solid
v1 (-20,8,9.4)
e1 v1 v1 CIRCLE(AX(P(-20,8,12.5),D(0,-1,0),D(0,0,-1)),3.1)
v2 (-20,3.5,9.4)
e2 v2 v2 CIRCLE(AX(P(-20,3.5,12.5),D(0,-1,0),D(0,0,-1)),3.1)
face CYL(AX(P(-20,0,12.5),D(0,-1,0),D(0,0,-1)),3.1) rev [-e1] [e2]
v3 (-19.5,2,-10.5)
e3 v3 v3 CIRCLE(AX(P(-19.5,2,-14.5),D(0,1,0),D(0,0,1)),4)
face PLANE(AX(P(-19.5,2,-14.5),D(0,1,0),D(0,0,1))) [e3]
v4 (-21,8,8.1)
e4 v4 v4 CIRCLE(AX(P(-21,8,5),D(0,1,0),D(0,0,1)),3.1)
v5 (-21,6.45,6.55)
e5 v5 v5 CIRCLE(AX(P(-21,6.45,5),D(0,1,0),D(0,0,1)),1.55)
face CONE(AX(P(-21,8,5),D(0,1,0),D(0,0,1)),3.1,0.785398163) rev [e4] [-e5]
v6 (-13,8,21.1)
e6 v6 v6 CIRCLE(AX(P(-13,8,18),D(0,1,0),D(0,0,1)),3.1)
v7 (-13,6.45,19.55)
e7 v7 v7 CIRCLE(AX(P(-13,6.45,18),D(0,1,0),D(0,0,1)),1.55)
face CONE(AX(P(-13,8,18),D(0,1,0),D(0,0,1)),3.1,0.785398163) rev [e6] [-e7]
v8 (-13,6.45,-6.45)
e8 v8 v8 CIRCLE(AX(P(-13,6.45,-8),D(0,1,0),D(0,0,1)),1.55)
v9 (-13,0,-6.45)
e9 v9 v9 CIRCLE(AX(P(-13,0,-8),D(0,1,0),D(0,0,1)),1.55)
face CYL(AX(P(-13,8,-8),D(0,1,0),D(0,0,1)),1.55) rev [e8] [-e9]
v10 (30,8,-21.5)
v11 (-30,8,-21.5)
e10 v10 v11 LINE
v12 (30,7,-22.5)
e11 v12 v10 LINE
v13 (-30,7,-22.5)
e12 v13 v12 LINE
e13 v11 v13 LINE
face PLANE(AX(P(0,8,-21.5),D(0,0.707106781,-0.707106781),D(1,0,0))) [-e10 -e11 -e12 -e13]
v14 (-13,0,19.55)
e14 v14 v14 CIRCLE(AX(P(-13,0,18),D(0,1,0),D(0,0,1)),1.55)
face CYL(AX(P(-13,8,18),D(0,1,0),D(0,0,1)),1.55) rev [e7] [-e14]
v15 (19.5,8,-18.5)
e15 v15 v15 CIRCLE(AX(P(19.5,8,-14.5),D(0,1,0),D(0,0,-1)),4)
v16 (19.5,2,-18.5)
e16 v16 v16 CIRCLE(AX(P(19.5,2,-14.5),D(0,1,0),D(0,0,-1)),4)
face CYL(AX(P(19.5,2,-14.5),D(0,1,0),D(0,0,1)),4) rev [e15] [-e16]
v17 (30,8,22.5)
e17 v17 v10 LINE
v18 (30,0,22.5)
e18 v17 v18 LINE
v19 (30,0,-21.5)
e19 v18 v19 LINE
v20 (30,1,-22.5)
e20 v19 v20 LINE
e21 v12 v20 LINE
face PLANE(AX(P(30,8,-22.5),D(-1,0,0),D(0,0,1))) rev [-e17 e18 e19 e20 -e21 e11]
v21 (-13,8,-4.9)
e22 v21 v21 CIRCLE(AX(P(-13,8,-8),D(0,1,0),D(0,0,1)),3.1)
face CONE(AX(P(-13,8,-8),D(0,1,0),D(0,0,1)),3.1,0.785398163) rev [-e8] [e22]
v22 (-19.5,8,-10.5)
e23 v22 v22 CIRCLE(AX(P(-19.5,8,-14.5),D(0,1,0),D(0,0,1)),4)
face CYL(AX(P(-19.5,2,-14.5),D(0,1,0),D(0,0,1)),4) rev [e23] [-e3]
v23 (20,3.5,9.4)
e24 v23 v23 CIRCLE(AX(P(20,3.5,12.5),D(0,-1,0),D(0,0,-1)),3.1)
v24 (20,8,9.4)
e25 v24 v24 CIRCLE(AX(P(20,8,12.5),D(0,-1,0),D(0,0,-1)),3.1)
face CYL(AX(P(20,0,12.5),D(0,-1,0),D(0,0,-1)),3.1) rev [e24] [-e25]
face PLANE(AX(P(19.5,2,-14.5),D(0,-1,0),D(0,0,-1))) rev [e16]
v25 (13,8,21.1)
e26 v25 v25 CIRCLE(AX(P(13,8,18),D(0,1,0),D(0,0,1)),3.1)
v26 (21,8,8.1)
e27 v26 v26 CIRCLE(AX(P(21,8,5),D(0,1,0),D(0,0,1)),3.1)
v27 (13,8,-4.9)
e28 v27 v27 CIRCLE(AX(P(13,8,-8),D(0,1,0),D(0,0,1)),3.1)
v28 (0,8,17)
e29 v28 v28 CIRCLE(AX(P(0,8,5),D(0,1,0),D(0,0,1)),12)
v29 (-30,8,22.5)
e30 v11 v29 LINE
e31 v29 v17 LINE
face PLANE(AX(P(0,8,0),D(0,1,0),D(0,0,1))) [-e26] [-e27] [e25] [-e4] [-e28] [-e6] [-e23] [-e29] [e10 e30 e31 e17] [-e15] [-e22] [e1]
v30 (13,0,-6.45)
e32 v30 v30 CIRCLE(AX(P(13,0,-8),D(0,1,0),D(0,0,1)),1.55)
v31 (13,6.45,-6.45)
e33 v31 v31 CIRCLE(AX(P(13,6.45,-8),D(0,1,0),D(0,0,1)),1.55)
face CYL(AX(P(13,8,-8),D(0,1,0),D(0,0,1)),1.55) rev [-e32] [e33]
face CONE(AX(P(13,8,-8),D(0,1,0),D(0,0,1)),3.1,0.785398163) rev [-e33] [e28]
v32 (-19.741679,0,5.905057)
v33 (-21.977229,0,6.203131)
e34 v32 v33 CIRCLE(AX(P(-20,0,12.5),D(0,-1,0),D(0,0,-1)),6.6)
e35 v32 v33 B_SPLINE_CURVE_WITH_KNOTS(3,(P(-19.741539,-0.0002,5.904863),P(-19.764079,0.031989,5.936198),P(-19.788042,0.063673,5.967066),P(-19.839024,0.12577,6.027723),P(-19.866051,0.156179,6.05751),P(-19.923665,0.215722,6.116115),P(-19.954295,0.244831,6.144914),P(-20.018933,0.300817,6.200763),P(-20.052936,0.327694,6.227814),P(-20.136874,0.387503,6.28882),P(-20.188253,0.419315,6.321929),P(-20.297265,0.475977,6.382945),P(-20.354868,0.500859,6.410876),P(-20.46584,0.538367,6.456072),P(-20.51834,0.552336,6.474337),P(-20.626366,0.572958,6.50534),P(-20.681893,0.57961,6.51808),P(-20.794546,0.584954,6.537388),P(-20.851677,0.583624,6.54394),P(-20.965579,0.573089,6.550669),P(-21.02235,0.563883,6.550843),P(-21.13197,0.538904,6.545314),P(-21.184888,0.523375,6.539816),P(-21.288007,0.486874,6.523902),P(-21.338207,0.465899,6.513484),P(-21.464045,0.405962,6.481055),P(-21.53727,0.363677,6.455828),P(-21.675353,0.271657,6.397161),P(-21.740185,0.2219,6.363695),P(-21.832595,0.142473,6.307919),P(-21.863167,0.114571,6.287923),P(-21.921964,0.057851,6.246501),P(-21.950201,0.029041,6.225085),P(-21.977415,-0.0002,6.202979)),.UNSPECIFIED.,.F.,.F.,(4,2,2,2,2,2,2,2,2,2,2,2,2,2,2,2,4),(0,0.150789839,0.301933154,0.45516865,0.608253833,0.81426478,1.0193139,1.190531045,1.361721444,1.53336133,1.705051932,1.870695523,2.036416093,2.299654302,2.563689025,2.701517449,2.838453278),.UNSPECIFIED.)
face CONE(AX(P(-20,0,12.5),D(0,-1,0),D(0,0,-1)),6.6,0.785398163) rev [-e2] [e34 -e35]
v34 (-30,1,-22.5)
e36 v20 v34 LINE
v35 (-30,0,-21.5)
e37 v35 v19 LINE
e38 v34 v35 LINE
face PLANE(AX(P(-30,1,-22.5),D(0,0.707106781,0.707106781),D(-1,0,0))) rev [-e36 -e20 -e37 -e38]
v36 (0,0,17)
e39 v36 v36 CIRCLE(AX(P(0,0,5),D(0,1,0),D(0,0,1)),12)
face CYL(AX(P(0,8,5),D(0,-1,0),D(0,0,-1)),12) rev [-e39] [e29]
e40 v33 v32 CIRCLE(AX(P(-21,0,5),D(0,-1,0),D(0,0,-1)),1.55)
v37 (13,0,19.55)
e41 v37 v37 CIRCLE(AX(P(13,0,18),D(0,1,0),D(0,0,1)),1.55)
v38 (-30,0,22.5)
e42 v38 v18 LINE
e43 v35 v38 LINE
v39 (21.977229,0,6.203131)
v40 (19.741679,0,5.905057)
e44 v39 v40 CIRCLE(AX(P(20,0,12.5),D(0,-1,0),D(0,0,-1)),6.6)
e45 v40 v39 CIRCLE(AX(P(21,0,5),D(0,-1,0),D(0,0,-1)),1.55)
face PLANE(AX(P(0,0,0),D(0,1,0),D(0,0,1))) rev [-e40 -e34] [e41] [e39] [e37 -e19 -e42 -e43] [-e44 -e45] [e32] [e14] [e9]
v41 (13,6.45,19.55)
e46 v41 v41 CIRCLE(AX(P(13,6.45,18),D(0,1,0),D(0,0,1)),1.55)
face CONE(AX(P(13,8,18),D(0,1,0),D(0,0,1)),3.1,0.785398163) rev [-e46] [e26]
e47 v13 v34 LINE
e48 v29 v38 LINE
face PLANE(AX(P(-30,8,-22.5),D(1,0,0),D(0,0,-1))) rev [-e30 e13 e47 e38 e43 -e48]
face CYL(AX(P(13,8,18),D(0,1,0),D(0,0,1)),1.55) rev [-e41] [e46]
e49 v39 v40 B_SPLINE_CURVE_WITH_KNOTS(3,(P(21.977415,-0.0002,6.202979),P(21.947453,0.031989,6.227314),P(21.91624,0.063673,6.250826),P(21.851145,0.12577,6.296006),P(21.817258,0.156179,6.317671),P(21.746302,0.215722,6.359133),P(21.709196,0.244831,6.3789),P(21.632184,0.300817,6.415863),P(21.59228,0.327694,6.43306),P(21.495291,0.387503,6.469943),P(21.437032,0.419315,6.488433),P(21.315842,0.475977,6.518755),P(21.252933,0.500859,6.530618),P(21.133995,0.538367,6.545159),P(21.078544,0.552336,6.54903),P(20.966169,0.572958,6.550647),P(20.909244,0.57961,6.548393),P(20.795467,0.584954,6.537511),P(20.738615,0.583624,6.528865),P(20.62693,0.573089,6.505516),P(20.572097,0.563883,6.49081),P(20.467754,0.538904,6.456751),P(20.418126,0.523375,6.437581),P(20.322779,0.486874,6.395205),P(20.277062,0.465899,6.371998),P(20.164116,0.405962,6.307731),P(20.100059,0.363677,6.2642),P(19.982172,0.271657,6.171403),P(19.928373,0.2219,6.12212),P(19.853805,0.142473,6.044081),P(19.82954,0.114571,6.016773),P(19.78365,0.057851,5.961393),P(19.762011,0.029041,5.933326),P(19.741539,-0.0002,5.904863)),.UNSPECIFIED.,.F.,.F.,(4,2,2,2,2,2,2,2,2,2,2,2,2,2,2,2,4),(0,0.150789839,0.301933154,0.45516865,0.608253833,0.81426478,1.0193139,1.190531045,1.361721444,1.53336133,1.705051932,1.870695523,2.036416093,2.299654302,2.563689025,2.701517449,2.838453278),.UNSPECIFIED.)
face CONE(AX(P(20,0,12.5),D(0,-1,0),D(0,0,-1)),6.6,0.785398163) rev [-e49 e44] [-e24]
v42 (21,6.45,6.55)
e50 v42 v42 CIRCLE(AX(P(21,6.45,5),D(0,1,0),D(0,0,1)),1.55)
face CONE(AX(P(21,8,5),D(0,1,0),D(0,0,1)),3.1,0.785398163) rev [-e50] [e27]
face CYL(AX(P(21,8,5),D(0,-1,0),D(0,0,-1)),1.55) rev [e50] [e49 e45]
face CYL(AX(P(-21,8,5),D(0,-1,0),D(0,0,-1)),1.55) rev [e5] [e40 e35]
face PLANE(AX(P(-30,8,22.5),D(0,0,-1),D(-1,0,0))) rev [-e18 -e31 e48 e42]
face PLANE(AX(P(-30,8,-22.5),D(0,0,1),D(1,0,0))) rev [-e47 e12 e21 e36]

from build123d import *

# Parameters (mm, degrees)
SKETCH_1_W                  = 60
SKETCH_1_H                  = 45
SKETCH_1_R                  = 2.5
SKETCH_1_R_2                = 12
EXTRUDE_1_DEPTH             = 8
CHAMFER_1_SIZE              = 1
SKETCH_2_R                  = 4
CUT_EXTRUDE_1_DEPTH         = 6
SKETCH_3_R                  = 1.25
SKETCH_3_R_2                = 1.55
CUT_EXTRUDE_2_DEPTH         = 39.34383914
HOLE_WIZARD_2_D             = 6.2
HOLE_WIZARD_2_CSINK_D       = 13.2
HOLE_WIZARD_2_CSINK_ANGLE   = 90
HOLE_WIZARD_2_2_D           = 3.1
HOLE_WIZARD_2_2_CSINK_D     = 6.2
HOLE_WIZARD_2_2_CSINK_ANGLE = 90


with BuildPart() as part:
    # 草图1 → 凸台-拉伸1 (new body)
    with BuildSketch(Plane(origin=(0, 0, 0), x_dir=(1, 0, 0), z_dir=(0, 1, 0))):
        Rectangle(SKETCH_1_W, SKETCH_1_H)
        with Locations(Location((-20, -12.5, 0), (0, 0, 270))):
            Circle(SKETCH_1_R, mode=Mode.SUBTRACT)
        with Locations(Location((20, -12.5, 0), (0, 0, 90))):
            Circle(SKETCH_1_R, mode=Mode.SUBTRACT)
        with Locations(Location((0, -5, 0), (0, 0, 270))):
            Circle(SKETCH_1_R_2, mode=Mode.SUBTRACT)
    extrude(amount=EXTRUDE_1_DEPTH)

    # 倒角1
    chamfer_1_edges = [part.edges().sort_by_distance(p)[0] for p in [
        (0, 8, -22.5),
        (0, 0, -22.5),
    ]]
    chamfer(chamfer_1_edges, length=CHAMFER_1_SIZE)

    # 草图2 → 切除-拉伸1 (cut)
    with BuildSketch(Plane(origin=(0, 8, 0), x_dir=(1, 0, 0), z_dir=(0, 1, 0))):
        with Locations(Location((-19.5, 14.5, 0), (0, 0, 270))):
            Circle(SKETCH_2_R)
        with Locations(Location((19.5, 14.5, 0), (0, 0, 90))):
            Circle(SKETCH_2_R)
    extrude(amount=-CUT_EXTRUDE_1_DEPTH, mode=Mode.SUBTRACT)

    # 草图3 → 切除-拉伸2 (cut, through all)
    with BuildSketch(Plane(origin=(0, 0, 0), x_dir=(-1, 0, 0), z_dir=(0, -1, 0))):
        with Locations(Location((13, -18, 0), (0, 0, 90))):
            Circle(SKETCH_3_R)
        with Locations(Location((-13, -18, 0), (0, 0, 270))):
            Circle(SKETCH_3_R)
        with Locations(Location((13, 8, 0), (0, 0, 90))):
            Circle(SKETCH_3_R)
        with Locations(Location((-13, 8, 0), (0, 0, 270))):
            Circle(SKETCH_3_R)
        with Locations(Location((21, -5, 0), (0, 0, 90))):
            Circle(SKETCH_3_R_2)
        with Locations(Location((-21, -5, 0), (0, 0, 90))):
            Circle(SKETCH_3_R_2)
    extrude(amount=-CUT_EXTRUDE_2_DEPTH, mode=Mode.SUBTRACT)

    # Hole Wizard 2 (through all)
    with Locations(Plane(origin=(20, 0, 12.5), x_dir=(0, 0, -1), z_dir=(0, -1, 0))):
        with Locations((0, 0), (0, -40)):
            CounterSinkHole(HOLE_WIZARD_2_D / 2, HOLE_WIZARD_2_CSINK_D / 2, counter_sink_angle=HOLE_WIZARD_2_CSINK_ANGLE)

    # Hole Wizard 2 2 (through all)
    with Locations(Plane(origin=(-13, 8, -8), x_dir=(0, 0, 1), z_dir=(0, 1, 0))):
        with Locations((0, 0), (26, 0), (26, 26), (0, 26), (13, -8), (13, 34)):
            CounterSinkHole(HOLE_WIZARD_2_2_D / 2, HOLE_WIZARD_2_2_CSINK_D / 2, counter_sink_angle=HOLE_WIZARD_2_2_CSINK_ANGLE)


solid = part.part
